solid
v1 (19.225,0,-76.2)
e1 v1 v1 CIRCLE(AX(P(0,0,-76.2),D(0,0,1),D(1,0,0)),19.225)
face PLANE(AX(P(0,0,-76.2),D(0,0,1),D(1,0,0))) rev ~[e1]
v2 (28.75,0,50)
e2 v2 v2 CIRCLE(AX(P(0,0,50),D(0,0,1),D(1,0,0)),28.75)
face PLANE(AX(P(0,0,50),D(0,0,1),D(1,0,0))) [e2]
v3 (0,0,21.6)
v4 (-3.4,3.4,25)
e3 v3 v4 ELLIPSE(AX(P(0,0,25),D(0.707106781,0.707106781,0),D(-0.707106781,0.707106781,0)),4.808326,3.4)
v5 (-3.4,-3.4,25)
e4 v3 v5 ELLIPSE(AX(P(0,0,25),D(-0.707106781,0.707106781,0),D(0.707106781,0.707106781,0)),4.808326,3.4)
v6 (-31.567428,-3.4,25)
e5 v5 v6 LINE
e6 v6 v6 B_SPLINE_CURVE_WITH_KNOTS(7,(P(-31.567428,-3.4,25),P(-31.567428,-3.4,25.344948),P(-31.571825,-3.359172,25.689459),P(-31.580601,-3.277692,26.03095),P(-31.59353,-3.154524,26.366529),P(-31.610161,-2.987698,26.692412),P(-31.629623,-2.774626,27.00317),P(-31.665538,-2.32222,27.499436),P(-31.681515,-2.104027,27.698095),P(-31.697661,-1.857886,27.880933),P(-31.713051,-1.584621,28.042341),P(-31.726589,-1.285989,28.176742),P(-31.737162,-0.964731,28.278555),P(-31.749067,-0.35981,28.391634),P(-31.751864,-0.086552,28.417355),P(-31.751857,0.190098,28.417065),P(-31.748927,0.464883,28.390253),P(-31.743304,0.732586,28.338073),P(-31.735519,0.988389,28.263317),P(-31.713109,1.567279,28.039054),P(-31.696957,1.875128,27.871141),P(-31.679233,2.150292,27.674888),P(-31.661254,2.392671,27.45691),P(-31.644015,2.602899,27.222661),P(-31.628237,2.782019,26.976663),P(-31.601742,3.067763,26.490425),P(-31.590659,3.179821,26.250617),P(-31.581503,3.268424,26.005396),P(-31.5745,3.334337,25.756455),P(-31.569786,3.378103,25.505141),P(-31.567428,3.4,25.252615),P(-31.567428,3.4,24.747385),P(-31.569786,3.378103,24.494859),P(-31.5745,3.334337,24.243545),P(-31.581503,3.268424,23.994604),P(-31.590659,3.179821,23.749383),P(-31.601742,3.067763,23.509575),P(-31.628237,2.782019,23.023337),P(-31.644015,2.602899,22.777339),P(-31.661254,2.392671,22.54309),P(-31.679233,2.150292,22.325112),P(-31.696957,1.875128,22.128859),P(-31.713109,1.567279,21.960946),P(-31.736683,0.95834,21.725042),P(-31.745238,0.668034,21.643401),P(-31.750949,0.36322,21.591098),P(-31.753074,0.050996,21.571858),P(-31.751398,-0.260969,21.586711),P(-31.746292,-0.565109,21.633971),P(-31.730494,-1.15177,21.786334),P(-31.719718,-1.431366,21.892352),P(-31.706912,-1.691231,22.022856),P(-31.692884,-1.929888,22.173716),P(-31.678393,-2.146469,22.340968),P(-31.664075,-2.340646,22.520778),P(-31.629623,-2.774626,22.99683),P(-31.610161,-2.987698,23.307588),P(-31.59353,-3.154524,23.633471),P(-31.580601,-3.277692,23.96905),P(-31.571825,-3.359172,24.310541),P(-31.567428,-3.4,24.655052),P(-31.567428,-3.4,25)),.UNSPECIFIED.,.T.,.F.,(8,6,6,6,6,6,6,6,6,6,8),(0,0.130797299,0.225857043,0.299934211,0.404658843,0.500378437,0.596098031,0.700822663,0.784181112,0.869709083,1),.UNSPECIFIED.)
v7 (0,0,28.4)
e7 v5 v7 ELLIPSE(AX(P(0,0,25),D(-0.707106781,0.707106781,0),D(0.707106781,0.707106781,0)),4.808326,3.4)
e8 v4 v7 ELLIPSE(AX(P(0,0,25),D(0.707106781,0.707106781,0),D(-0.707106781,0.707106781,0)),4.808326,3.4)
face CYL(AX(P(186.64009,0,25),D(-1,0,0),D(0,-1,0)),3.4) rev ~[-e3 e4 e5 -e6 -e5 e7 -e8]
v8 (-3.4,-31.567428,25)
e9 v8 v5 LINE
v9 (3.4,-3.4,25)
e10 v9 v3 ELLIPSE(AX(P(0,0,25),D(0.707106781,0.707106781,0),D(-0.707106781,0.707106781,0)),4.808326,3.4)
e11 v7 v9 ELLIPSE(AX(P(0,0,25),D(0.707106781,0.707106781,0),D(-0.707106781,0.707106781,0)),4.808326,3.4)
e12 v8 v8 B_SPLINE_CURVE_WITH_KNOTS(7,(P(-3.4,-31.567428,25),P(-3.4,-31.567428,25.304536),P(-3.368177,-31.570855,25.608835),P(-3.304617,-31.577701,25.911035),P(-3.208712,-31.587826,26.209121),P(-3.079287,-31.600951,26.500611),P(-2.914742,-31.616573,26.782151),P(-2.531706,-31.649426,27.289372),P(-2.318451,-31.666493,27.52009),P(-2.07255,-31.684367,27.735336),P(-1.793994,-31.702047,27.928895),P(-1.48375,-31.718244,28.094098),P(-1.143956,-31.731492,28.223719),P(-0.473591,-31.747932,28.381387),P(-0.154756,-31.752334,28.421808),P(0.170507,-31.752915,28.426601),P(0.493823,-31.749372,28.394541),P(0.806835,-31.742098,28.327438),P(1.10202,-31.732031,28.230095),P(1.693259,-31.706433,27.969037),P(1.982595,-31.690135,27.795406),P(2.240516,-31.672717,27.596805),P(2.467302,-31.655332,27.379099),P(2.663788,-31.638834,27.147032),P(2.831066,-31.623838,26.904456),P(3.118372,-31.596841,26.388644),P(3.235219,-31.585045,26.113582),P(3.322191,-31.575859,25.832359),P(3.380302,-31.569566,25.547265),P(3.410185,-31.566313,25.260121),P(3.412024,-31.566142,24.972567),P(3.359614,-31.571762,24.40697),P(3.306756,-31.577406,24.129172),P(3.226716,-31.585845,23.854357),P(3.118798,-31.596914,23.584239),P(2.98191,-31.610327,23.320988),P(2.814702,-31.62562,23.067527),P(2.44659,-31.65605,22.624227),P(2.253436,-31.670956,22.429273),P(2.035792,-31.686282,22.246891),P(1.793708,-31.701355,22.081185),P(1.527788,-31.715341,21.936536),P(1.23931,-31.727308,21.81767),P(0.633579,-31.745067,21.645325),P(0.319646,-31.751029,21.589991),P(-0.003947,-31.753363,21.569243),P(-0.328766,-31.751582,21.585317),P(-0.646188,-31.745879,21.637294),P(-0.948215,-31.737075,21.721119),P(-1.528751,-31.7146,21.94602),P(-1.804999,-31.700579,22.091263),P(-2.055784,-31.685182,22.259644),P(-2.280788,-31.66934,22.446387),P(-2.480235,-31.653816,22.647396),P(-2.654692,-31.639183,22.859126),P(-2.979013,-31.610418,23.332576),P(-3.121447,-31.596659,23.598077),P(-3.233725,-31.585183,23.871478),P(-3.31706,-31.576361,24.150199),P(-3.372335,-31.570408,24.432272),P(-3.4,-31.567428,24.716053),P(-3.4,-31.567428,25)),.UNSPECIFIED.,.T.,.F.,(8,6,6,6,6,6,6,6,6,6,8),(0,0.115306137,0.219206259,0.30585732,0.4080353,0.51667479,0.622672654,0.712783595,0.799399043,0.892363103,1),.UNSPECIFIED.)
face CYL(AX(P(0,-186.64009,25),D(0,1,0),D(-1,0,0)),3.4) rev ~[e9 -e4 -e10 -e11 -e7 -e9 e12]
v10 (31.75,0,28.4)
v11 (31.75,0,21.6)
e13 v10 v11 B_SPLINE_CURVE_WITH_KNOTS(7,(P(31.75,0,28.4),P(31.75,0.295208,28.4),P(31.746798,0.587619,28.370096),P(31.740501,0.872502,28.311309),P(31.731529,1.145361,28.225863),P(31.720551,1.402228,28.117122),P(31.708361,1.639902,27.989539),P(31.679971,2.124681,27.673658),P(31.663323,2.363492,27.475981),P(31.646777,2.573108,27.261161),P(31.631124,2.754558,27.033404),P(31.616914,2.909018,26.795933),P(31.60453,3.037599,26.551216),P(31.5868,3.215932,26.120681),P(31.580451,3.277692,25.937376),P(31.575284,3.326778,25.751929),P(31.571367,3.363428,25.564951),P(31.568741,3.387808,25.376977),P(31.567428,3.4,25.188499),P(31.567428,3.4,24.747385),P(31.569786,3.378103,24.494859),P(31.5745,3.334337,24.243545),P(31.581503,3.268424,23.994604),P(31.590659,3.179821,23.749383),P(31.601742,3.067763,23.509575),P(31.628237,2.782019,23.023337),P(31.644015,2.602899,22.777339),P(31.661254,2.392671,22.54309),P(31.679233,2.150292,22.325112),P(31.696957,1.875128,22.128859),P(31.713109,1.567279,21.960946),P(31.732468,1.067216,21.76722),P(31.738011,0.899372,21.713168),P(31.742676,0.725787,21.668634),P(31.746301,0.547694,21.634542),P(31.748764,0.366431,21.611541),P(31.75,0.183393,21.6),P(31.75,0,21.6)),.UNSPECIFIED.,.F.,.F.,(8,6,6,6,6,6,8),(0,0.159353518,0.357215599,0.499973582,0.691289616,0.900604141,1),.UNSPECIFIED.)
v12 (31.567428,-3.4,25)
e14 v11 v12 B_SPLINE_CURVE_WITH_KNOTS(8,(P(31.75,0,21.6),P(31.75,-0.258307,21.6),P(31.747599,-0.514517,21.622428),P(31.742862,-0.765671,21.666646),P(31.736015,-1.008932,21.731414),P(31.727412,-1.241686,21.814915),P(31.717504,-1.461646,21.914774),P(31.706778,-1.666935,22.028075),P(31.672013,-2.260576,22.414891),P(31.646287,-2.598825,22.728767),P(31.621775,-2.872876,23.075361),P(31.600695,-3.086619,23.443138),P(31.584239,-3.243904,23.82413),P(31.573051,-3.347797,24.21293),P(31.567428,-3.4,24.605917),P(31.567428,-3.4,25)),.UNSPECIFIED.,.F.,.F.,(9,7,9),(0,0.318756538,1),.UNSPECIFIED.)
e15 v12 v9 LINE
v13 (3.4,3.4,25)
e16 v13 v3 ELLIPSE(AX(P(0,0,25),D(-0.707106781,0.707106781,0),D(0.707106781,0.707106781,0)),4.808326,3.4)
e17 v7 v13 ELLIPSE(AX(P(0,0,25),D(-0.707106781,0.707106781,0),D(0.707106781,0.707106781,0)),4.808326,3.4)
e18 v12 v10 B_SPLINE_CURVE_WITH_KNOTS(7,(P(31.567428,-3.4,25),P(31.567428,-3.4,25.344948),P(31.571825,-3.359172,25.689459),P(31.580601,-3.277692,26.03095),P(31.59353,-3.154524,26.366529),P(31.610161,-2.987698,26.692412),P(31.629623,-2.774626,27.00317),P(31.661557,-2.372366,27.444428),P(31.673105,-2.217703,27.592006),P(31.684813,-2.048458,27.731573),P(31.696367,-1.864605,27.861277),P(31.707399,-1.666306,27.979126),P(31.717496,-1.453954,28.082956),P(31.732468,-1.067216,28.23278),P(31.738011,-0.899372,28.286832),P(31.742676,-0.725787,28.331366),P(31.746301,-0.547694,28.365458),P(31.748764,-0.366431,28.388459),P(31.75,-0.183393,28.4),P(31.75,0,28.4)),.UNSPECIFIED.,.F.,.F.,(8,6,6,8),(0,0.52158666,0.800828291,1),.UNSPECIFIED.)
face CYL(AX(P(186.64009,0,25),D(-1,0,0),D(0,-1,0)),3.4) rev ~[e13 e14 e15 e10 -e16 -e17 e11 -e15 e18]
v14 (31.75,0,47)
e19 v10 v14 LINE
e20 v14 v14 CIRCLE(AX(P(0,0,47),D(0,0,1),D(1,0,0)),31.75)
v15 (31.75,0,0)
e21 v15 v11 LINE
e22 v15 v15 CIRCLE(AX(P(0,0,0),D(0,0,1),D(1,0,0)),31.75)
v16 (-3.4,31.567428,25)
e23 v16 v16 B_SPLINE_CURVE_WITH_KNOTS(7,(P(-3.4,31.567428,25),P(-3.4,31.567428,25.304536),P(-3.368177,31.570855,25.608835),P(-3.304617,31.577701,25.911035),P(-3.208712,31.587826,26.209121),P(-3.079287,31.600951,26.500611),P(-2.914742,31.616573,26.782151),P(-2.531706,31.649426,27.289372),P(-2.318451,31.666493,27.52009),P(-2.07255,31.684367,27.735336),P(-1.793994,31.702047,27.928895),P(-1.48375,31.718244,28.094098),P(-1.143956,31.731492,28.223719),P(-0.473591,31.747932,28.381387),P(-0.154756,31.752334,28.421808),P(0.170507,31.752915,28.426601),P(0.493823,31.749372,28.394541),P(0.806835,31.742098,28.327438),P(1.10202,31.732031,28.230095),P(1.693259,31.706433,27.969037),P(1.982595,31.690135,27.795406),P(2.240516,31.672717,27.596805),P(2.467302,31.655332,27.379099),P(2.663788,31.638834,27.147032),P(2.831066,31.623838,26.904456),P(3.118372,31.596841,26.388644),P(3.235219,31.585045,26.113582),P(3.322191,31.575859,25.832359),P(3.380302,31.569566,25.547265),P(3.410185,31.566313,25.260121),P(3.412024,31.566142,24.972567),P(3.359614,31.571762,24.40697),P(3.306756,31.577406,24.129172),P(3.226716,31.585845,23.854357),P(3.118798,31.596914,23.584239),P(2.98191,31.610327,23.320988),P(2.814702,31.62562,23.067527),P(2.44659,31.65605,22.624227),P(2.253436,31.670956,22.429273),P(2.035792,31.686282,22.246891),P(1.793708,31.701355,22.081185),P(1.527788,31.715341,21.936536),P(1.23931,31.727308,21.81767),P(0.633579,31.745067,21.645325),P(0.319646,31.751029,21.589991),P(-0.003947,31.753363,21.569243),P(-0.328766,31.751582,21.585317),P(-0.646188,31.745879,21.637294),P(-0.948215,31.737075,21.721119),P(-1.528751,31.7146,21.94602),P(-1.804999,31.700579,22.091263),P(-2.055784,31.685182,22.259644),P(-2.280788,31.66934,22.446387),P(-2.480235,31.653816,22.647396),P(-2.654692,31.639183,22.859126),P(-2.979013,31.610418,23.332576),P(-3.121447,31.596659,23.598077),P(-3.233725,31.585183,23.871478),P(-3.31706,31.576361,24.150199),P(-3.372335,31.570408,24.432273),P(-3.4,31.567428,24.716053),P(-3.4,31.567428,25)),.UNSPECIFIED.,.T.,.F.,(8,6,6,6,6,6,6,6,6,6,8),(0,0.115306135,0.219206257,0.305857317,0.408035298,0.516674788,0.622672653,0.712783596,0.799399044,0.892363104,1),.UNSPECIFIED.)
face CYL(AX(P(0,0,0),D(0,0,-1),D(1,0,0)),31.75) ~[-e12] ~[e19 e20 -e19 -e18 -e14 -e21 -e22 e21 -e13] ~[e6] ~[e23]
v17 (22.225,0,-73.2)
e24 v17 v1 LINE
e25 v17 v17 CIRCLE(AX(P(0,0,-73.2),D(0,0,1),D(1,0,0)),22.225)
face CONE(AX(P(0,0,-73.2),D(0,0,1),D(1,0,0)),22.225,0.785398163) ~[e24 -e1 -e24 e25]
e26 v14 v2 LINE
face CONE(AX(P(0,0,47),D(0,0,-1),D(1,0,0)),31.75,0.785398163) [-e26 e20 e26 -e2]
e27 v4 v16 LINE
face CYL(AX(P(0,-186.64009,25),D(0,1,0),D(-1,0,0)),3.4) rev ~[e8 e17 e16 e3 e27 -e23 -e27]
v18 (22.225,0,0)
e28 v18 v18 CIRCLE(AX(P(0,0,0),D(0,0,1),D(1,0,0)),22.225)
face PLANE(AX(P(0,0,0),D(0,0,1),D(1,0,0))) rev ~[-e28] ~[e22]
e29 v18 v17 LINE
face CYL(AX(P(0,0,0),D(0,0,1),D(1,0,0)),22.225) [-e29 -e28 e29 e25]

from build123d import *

# Parameters (mm, degrees)
F0_R       = 22.225
F1_DEPTH   = 76.2
F0_R_2     = 31.75
F2_DEPTH   = 50
F3_SIZE    = 3
F9_D       = 6.8
F9_ON_F7_D = 6.8


with BuildPart() as f1:
    # F0 (on Top) → F1 (new body)
    with BuildSketch(Plane.XY):
        Circle(F0_R)
    extrude(amount=-F1_DEPTH)

    # F0 (on Top) → F2 (join)
    with BuildSketch(Plane.XY):
        Circle(F0_R_2)
        Circle(F0_R, mode=Mode.SUBTRACT)
        Circle(F0_R)
    extrude(amount=F2_DEPTH)

    # F3
    f3_edges = [f1.edges().sort_by_distance(p)[0] for p in [
        (-31.75, 0, 50),
        (-22.225, 0, -76.2),
    ]]
    chamfer(f3_edges, length=F3_SIZE)

    # F9 (through all)
    with Locations(Plane.XZ.offset(31.75)):
        with Locations((0, 25)):
            Hole(F9_D / 2)

    # F9 on F7 (through all)
    with Locations(Plane.YZ.offset(31.75)):
        with Locations((0, 25)):
            Hole(F9_ON_F7_D / 2)


solid = f1.part
